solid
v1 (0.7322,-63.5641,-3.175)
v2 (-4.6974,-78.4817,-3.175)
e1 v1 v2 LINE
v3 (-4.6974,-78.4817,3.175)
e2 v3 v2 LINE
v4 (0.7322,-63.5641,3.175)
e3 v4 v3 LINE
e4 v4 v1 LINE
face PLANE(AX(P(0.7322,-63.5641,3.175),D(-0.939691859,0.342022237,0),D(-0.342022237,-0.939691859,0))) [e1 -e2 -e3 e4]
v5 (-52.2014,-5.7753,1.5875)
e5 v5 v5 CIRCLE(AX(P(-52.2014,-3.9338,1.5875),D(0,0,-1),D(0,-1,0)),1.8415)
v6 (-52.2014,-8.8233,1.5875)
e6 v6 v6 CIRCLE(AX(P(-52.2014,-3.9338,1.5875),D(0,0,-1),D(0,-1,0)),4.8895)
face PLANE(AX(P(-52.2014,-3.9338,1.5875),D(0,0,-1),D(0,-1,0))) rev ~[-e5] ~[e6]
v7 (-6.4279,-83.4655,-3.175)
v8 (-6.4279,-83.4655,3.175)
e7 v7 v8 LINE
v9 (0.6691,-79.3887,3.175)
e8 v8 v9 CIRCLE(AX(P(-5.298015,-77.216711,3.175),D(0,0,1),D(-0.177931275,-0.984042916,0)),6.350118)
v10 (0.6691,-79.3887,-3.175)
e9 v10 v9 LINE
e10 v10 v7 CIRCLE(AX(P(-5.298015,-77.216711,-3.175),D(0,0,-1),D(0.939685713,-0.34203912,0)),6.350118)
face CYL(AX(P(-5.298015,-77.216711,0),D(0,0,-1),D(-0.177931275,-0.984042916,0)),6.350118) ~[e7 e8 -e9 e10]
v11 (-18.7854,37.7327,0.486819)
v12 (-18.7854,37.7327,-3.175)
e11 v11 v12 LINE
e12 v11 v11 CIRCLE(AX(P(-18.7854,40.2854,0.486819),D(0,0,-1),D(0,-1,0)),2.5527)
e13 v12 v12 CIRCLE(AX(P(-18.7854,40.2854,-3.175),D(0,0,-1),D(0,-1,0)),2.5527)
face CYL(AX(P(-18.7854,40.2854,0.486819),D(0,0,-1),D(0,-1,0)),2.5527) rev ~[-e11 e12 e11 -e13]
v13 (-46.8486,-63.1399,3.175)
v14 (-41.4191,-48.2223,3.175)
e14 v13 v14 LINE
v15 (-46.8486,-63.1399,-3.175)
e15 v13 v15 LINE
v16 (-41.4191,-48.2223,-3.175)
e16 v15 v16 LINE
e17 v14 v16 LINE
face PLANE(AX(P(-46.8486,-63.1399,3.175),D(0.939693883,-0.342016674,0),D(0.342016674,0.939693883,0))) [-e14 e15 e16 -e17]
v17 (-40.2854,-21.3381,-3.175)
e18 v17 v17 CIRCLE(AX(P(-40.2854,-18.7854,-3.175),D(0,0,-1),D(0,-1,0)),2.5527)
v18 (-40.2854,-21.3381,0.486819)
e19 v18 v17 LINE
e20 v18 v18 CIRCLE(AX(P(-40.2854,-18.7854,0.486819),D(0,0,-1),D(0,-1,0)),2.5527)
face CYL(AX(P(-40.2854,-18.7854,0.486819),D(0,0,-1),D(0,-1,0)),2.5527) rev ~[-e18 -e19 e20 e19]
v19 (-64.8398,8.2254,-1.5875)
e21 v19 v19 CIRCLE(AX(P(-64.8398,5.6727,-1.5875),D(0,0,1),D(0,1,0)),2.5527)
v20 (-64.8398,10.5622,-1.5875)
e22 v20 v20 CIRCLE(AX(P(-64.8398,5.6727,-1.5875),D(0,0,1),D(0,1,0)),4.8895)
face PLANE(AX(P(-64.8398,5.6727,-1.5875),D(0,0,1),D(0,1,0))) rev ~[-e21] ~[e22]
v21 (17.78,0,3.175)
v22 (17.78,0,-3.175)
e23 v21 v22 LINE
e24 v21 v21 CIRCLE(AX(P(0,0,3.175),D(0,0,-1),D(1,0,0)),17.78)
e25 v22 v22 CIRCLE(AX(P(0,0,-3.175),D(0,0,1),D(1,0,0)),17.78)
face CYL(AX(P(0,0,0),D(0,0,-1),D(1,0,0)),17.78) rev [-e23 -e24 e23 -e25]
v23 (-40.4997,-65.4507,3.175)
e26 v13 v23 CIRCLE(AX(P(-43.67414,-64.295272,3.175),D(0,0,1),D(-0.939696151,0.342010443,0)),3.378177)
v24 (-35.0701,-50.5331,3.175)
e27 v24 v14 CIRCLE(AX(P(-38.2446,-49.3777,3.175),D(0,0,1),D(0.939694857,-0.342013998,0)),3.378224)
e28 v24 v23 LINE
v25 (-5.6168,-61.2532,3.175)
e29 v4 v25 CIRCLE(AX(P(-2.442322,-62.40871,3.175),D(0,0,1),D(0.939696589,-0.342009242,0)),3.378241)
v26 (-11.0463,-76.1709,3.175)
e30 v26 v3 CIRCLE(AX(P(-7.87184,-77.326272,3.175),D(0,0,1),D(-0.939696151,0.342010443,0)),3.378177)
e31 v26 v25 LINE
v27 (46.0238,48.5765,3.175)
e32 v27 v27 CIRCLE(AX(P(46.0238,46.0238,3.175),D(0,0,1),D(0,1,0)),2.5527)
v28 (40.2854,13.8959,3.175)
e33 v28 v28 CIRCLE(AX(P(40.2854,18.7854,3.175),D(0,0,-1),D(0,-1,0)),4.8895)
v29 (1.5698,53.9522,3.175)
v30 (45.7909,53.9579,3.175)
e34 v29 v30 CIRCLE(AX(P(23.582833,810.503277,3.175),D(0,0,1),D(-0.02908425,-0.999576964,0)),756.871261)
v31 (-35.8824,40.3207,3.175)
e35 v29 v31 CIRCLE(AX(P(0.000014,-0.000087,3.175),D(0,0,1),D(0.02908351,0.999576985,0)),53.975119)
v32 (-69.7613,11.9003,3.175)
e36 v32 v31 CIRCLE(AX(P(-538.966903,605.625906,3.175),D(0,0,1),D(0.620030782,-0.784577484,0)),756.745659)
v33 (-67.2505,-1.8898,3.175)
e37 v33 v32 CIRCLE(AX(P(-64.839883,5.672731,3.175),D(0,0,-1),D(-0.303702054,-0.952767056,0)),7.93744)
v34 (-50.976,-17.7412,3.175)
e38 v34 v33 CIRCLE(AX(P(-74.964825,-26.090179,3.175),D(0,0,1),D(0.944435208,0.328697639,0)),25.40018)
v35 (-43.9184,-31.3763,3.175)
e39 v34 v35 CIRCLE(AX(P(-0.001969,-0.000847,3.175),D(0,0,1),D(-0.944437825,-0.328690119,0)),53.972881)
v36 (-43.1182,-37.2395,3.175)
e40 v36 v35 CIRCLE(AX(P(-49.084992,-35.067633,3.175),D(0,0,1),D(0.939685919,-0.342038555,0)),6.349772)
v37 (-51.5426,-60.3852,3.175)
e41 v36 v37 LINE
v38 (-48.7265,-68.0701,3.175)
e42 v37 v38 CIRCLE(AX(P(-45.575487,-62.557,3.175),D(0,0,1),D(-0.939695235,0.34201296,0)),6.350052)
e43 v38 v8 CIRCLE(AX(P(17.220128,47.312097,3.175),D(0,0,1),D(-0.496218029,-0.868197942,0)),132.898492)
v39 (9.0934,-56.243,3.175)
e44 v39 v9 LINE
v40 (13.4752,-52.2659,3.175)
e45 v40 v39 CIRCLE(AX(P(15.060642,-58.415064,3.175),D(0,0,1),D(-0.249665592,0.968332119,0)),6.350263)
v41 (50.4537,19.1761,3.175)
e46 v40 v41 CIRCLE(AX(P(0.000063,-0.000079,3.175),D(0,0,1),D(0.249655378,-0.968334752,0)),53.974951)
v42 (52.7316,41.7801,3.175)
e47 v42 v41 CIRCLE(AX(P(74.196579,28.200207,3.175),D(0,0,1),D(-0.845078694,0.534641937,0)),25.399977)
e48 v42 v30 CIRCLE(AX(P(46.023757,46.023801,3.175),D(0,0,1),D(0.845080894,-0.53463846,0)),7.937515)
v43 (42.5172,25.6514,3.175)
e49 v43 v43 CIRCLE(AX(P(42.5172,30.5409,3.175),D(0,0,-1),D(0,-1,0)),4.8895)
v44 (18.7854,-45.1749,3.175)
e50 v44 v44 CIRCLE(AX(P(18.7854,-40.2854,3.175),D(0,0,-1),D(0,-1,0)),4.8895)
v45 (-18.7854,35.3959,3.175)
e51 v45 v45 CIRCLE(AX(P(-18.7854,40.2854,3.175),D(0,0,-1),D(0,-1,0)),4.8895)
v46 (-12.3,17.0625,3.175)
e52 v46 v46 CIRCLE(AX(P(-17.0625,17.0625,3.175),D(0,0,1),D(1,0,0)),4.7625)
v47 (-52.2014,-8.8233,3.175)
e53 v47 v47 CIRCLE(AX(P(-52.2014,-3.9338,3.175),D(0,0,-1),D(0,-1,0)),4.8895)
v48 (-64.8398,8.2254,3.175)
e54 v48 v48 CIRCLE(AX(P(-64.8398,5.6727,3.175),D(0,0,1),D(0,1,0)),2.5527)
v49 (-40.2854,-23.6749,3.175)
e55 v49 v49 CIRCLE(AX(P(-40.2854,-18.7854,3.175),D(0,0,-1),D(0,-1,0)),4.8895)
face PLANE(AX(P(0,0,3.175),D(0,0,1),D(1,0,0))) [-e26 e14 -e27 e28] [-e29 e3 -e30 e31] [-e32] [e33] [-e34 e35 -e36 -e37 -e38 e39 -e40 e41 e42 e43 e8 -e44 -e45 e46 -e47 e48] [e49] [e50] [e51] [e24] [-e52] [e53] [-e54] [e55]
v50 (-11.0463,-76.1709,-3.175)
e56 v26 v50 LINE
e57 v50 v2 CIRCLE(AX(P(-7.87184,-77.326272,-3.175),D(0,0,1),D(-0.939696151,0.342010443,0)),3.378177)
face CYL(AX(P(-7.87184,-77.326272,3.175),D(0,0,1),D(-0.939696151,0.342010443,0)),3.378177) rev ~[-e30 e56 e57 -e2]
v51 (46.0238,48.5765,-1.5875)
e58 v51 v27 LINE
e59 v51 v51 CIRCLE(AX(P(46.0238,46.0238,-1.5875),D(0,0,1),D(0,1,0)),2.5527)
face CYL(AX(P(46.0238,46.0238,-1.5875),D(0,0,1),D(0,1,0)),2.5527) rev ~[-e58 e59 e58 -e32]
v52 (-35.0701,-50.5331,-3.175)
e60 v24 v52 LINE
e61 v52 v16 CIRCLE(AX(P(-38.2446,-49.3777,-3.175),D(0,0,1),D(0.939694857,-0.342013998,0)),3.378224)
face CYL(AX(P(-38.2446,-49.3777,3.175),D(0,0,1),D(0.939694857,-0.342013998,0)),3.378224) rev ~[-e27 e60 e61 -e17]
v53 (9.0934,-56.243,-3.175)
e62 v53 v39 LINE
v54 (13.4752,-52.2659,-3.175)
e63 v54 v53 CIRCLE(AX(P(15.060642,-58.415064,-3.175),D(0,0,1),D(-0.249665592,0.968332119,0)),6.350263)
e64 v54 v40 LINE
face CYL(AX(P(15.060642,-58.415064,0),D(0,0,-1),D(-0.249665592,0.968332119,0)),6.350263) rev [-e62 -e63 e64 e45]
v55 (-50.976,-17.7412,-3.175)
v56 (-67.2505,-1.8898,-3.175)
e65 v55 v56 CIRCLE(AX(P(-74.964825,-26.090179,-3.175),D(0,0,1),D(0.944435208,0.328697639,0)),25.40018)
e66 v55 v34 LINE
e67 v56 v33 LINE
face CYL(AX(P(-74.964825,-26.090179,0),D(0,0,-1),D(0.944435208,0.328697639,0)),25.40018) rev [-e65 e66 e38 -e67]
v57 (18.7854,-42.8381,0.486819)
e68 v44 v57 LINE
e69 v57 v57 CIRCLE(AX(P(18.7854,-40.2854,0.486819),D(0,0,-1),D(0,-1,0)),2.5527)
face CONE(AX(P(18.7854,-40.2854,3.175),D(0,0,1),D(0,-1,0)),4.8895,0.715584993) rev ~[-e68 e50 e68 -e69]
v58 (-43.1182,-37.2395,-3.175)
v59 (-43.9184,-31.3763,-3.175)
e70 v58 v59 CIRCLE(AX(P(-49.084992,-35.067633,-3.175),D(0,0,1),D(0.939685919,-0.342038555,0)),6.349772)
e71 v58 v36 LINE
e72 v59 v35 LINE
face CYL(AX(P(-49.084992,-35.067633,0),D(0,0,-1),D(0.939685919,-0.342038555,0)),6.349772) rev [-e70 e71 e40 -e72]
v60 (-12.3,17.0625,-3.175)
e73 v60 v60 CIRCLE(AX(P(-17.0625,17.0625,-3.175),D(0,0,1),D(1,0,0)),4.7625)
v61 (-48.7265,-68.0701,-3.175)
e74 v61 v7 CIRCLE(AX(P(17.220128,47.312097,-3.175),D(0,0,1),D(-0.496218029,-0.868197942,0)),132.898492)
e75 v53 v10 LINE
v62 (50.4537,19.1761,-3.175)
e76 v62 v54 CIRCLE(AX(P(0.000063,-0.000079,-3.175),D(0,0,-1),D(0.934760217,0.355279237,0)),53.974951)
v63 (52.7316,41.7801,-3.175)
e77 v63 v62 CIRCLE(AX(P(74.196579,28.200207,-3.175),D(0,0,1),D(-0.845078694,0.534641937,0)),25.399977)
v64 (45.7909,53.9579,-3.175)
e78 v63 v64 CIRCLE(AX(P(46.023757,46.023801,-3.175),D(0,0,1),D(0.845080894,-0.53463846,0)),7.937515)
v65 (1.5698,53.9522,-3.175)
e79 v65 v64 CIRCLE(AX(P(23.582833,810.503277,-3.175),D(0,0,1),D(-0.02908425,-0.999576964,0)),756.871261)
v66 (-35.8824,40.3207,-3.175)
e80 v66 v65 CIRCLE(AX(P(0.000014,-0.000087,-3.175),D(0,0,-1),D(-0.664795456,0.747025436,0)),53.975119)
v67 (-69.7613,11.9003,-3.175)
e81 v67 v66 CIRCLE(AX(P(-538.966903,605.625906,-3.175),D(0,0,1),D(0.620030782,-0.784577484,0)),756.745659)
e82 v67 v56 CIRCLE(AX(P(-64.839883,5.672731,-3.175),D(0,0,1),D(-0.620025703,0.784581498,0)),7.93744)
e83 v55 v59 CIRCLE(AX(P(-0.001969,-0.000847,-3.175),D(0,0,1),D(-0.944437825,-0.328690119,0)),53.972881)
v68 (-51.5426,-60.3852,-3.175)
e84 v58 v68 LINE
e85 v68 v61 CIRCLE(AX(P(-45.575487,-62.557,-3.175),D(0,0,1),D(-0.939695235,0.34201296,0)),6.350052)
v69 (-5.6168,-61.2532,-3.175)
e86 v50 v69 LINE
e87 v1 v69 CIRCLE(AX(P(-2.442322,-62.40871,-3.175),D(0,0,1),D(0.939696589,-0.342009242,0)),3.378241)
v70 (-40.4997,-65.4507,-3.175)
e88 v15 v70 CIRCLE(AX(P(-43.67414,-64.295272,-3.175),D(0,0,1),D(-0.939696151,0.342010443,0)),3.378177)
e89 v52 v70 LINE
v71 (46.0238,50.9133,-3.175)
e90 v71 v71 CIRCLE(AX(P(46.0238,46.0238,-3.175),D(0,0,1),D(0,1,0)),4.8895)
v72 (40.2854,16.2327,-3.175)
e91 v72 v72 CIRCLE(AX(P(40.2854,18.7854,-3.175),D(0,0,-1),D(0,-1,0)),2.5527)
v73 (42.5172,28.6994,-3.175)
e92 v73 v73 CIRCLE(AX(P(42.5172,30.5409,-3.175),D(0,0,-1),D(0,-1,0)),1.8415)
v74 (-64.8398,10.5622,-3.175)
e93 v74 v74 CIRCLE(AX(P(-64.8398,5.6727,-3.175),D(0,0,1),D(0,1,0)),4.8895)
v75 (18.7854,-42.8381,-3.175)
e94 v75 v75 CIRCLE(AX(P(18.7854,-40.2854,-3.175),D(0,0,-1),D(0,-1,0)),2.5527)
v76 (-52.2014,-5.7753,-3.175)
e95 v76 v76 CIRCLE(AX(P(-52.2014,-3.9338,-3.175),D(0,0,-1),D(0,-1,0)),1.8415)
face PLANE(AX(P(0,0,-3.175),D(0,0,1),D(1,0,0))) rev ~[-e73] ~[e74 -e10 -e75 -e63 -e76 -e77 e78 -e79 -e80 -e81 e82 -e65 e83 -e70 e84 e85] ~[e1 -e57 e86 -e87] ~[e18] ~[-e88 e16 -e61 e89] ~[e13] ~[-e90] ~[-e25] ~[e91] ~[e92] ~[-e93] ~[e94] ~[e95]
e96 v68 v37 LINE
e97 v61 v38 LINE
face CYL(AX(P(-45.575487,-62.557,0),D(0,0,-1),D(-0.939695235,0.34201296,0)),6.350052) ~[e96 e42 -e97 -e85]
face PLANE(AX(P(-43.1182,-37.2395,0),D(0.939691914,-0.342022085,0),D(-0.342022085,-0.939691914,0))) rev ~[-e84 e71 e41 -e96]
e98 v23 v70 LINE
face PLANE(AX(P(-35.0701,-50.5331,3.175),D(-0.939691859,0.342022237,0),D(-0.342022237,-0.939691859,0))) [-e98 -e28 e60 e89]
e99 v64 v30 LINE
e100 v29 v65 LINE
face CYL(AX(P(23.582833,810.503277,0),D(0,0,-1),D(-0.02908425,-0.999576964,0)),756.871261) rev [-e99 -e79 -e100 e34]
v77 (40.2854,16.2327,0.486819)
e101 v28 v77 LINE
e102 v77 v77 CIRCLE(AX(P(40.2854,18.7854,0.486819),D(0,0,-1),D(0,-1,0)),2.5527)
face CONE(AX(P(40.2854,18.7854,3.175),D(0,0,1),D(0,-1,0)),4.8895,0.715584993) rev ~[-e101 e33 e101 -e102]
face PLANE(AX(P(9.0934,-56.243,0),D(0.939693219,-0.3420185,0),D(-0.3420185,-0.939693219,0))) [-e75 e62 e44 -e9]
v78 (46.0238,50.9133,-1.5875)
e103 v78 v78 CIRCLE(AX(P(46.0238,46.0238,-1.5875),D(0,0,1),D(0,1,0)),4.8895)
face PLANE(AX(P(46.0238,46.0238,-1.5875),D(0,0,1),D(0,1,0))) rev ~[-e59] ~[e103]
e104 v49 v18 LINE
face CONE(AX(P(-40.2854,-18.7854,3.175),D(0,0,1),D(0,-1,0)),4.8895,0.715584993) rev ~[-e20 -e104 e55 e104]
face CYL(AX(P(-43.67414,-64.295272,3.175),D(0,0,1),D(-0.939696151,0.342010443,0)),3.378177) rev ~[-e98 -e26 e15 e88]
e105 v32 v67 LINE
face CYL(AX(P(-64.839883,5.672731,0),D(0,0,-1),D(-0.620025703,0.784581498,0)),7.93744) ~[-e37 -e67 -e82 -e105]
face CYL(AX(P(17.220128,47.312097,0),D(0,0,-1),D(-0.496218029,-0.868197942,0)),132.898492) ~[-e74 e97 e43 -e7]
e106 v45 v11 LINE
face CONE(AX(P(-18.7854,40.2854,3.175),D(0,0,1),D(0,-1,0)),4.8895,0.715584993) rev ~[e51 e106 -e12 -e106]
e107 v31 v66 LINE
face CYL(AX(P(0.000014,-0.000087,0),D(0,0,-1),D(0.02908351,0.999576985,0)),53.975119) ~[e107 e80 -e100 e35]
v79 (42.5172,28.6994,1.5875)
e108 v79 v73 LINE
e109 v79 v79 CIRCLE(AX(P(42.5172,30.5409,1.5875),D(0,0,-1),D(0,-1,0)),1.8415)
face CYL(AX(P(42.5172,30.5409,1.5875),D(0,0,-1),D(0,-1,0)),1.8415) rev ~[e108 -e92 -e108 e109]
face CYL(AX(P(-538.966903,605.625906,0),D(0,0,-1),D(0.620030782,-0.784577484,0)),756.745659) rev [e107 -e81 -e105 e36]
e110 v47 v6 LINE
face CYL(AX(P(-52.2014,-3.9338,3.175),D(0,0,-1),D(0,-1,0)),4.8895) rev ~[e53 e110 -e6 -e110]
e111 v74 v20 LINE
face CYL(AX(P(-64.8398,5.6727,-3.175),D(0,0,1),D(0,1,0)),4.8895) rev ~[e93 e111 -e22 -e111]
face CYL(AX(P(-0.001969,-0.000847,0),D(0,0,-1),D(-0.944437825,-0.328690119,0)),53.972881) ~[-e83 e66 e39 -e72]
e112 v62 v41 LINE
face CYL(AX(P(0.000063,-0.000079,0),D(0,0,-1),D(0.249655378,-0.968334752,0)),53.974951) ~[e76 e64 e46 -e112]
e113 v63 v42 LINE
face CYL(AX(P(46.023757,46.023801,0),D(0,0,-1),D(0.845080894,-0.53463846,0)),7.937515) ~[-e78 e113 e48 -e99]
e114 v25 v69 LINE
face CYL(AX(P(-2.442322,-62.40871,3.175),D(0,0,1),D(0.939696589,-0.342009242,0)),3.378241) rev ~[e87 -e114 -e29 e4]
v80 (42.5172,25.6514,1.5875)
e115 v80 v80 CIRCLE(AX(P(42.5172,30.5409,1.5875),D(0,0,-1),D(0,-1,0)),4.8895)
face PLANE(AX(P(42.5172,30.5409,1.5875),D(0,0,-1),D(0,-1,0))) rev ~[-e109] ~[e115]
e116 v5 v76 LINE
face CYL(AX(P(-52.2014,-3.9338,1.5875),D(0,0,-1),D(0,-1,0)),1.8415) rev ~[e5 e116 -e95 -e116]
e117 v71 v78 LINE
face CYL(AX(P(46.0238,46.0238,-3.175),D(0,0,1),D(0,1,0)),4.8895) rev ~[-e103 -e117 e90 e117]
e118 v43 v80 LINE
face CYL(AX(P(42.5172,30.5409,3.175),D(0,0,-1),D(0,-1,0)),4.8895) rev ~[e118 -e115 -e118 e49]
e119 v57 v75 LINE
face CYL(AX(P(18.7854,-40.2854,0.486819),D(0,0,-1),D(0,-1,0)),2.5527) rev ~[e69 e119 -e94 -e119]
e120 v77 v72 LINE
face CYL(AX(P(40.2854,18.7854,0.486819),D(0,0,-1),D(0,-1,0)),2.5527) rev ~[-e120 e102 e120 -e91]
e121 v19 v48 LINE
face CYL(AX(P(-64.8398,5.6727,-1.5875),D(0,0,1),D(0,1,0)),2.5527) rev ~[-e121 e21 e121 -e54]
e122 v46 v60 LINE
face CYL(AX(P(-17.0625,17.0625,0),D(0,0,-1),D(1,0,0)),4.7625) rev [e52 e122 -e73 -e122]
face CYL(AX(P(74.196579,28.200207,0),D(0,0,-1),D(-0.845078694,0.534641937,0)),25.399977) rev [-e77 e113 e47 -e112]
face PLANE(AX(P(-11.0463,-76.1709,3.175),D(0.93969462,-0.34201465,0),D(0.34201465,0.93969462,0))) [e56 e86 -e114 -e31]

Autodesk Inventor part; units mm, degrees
ref_plane "YZ Plane" through (0, 0, 0) normal (1, 0, 0) x (0, 1, 0)
ref_plane "XZ Plane" through (0, 0, 0) normal (0, 1, 0) x (-1, 0, 0)
ref_plane "XY Plane" through (0, 0, 0) normal (0, 0, 1) x (1, 0, 0)
sketch "Sketch1" plane through (0, 0, 0) normal (0, 0, 1) x (1, 0, 0)
  line L0 (-661.6722, 0) -> (196.8414, 0) projected
  line L1 (0, -264.4179) -> (0, 989.622) projected
  line L2 (0, 0) -> (-137.5064, 137.5064) construction
  circle A0 centre (0, 0) radius 17.78
  line L3 (0, 0) -> (46.0238, 46.0238) construction
  line L4 (-64.8398, 5.6727) -> (0, 0) construction
  circle A1 centre (-64.8398, 5.6727) radius 6.35 construction
  circle A2 centre (46.0238, 46.0238) radius 6.35 construction
  arc A3 (52.7316, 41.7801) -> (45.7909, 53.9579) centre (46.0238, 46.0238) ccw
  arc A4 (-69.7613, 11.9003) -> (-67.2505, -1.8898) centre (-64.8398, 5.6727) ccw
  line L5 (0, 0) -> (3.2586, 111.9917) construction
  line L6 (0, 0) -> (-89.6909, 100.7848) construction
  arc A5 (-69.7613, 11.9003) -> (-35.8824, 40.3207) centre (-539.0274, 605.7002) ccw
  arc A6 (1.5698, 53.9522) -> (45.7909, 53.9579) centre (23.5824, 810.4734) ccw
  arc A7 (-50.976, -17.7412) -> (-67.2505, -1.8898) centre (-74.9647, -26.0901) ccw
  arc A8 (52.7316, 41.7801) -> (50.4537, 19.1761) centre (74.1966, 28.2002) ccw
  arc A9 (1.5698, 53.9522) -> (-35.8824, 40.3207) centre (0, 0) ccw
  line L7 (-43.1182, -37.2395) -> (-51.5426, -60.3852)
  line L8 (9.0934, -56.243) -> (0.6691, -79.3887)
  arc A10 (-48.7265, -68.0701) -> (-6.4279, -83.4655) centre (17.2205, 47.3129) ccw
  arc A11 (-50.976, -17.7412) -> (-43.9184, -31.3763) centre (0, 0) ccw
  arc A12 (13.4752, -52.2659) -> (50.4537, 19.1761) centre (0, 0) ccw
  line L9 (-28.2338, -77.5716) -> (0, 0) construction
  arc A13 (-43.1182, -37.2395) -> (-43.9184, -31.3763) centre (-49.0853, -35.0676) ccw
  arc A14 (13.4752, -52.2659) -> (9.0934, -56.243) centre (15.0605, -58.4148) ccw
  arc A15 (-6.4279, -83.4655) -> (0.6691, -79.3887) centre (-5.298, -77.2168) ccw
  arc A16 (-51.5426, -60.3852) -> (-48.7265, -68.0701) centre (-45.5755, -62.557) ccw
  circle A17 centre (-17.0625, 17.0625) radius 4.7625
  circle A18 centre (0, 0) radius 16.51 construction
  point P0 (-41.9333, -33.9838)
  point P1 (-53.3354, -65.3108)
  point P2 (-1.1237, -84.3143)
  point P3 (10.2784, -52.9873)
  dimension "d1" = 45
  dimension "d2" = 35.56
  dimension "d33" = 45
  dimension "d34" = 65.0875
  dimension "d39" = 65.0875
  dimension "d40" = 12.7
  dimension "d41" = 130
  dimension "d42" = 1.5875
  dimension "d43" = 1.5875
  dimension "d44" = 43.333
  dimension "d46" = 86.667
  dimension "d47" = 25.4
  dimension "d48" = 53.975
  dimension "d70" = 53.975
  dimension "d71" = 53.975
  dimension "d72" = 20
  dimension "d74" = 33.3375
  dimension "d75" = 33.3375
  dimension "d76" = 82.55
  dimension "d77" = 27.7812
  dimension "d78" = 6.35
  dimension "d89" = 24.13
  dimension "d90" = 9.525
  dimension "d91" = 33.02
extrude "Base" add sketch "Sketch1" along normal mid plane 6.35 contours A4 A5 A9 L1 A0 L0 | L0 A0 L1 A15 A10 A16 L7 A13 A11 A7 A4 | L1 A9 A6 A3 A8 A12 L0 A0 | A0 L0 A12 A14 L8 A15 L1
sketch "Sketch3" plane through (0, 0, 3.175) normal (0, 0, 1) x (1, 0, 0)
  line L0 (0, 0) -> (-18.7854, 40.2854) construction
  line L1 (-98.1278, 0) -> (79.3255, 0) projected
  line L2 (0, -111.0752) -> (0, 81.4834) projected
  point P0 (-40.2854, -18.7854)
  point P1 (18.7854, -40.2854)
  point P2 (40.2854, 18.7854)
  dimension "d20" = 44.45
  dimension "d23" = 360
  dimension "d57" = 25
hole "Motor Mount Holes" at (-18.7854, 40.2854, 3.175) at (-40.2854, -18.7854, 3.175) at (18.7854, -40.2854, 3.175) at (40.2854, 18.7854, 3.175) direction (0, 0, -1) diameter 5.1054 end through all countersink diameter 9.779 countersink angle 82 clearance for "Flat Head Machine Screw (82)" size "#10" standard "Ansi Unified Screw Threads"
sketch "Sketch4" plane through (0, 0, -3.175) normal (0, 0, -1) x (-1, 0, 0)
  arc A0 (67.2505, -1.8898) -> (69.7613, 11.9003) centre (64.8398, 5.6727) ccw projected
  arc A1 (-45.7909, 53.9579) -> (-52.7316, 41.7801) centre (-46.0238, 46.0238) ccw projected
hole "Standoff holes to back plate" at (46.0238, 46.0238, -3.175) at (-64.8398, 5.6727, -3.175) direction (0, 0, 1) diameter 5.1054 end through all counterbore diameter 9.779 counterbore depth 1.5875 clearance for "Flat Head Machine Screw (82)" size "#10" standard "Ansi Unified Screw Threads"
sketch "Sketch5" plane through (0, 0, 3.175) normal (0, 0, 1) x (1, 0, 0)
  circle A0 centre (-64.8398, 5.6727) radius 2.5527 projected
  circle A1 centre (46.0238, 46.0238) radius 2.5527 projected
  circle A2 centre (-52.2014, -3.9338) radius 6.35 construction
  circle A3 centre (42.5172, 30.5409) radius 6.35 construction
  arc A4 (1.5698, 53.9522) -> (-35.8824, 40.3207) centre (0, 0) ccw projected
  line L0 (-52.2014, -3.9338) -> (0, 0) construction
  line L1 (-98.1278, 0) -> (79.3255, 0) projected
  line L2 (0, -111.7873) -> (0, 85.7561) projected
  line L3 (0, 0) -> (42.5172, 30.5409) construction
  dimension "d58" = 15.875
  dimension "d59" = 15.875
  dimension "d60" = 12.7
  dimension "d62" = 12.7
  dimension "d92" = 52.3494
  dimension "d93" = 52.3494
hole "Standoff holes to front plate" at (-52.2014, -3.9338, 3.175) at (42.5172, 30.5409, 3.175) direction (0, 0, -1) diameter 3.683 end through all counterbore diameter 9.779 counterbore depth 1.5875 thread size "10-24 UNC" class "2B" standard "ANSI Unified Screw Threads"
sketch "Sketch6" plane through (0, 0, 3.175) normal (0, 0, 1) x (1, 0, 0)
  arc A0 (-48.7265, -68.0701) -> (-6.4279, -83.4655) centre (17.2205, 47.3129) ccw projected
  line L0 (9.0934, -56.243) -> (0.6691, -79.3887) projected
  arc A1 (-46.8486, -63.1399) -> (-40.4997, -65.4507) centre (-43.6742, -64.2953) ccw
  arc A2 (-11.0463, -76.1709) -> (-4.6974, -78.4817) centre (-7.8719, -77.3263) ccw
  arc A3 (0.7322, -63.5641) -> (-5.6168, -61.2532) centre (-2.4423, -62.4087) ccw
  line L1 (-46.8486, -63.1399) -> (-41.4191, -48.2223)
  line L2 (-35.0701, -50.5331) -> (-40.4997, -65.4507)
  line L3 (-11.0463, -76.1709) -> (-5.6168, -61.2532)
  line L4 (0.7322, -63.5641) -> (-4.6974, -78.4817)
  line L5 (-43.6742, -64.2953) -> (-7.8719, -77.3263) construction
  arc A4 (-35.0701, -50.5331) -> (-41.4191, -48.2223) centre (-38.2446, -49.3777) ccw
  arc A5 (1.5698, 53.9522) -> (-35.8824, 40.3207) centre (0, 0) ccw projected
  circle A6 centre (0, 0) radius 53.975 construction
  dimension "d80" = 15.875
  dimension "d81" = 6.7564
  dimension "d82" = 5.353
  dimension "d83" = 38.1
  dimension "d84" = 2.3813
  dimension "d86" = 15.875
  dimension "d94" = 107.95
extrude "Tensioning Slots" cut sketch "Sketch6" against normal through all
equation "\"d43\" = d42"
equation "\"d44\" = 0.333333 * d41"
equation "\"d46\" = 0.666667 * d41"
equation "\"d59\" = d58"
properties part number "motor plate"
